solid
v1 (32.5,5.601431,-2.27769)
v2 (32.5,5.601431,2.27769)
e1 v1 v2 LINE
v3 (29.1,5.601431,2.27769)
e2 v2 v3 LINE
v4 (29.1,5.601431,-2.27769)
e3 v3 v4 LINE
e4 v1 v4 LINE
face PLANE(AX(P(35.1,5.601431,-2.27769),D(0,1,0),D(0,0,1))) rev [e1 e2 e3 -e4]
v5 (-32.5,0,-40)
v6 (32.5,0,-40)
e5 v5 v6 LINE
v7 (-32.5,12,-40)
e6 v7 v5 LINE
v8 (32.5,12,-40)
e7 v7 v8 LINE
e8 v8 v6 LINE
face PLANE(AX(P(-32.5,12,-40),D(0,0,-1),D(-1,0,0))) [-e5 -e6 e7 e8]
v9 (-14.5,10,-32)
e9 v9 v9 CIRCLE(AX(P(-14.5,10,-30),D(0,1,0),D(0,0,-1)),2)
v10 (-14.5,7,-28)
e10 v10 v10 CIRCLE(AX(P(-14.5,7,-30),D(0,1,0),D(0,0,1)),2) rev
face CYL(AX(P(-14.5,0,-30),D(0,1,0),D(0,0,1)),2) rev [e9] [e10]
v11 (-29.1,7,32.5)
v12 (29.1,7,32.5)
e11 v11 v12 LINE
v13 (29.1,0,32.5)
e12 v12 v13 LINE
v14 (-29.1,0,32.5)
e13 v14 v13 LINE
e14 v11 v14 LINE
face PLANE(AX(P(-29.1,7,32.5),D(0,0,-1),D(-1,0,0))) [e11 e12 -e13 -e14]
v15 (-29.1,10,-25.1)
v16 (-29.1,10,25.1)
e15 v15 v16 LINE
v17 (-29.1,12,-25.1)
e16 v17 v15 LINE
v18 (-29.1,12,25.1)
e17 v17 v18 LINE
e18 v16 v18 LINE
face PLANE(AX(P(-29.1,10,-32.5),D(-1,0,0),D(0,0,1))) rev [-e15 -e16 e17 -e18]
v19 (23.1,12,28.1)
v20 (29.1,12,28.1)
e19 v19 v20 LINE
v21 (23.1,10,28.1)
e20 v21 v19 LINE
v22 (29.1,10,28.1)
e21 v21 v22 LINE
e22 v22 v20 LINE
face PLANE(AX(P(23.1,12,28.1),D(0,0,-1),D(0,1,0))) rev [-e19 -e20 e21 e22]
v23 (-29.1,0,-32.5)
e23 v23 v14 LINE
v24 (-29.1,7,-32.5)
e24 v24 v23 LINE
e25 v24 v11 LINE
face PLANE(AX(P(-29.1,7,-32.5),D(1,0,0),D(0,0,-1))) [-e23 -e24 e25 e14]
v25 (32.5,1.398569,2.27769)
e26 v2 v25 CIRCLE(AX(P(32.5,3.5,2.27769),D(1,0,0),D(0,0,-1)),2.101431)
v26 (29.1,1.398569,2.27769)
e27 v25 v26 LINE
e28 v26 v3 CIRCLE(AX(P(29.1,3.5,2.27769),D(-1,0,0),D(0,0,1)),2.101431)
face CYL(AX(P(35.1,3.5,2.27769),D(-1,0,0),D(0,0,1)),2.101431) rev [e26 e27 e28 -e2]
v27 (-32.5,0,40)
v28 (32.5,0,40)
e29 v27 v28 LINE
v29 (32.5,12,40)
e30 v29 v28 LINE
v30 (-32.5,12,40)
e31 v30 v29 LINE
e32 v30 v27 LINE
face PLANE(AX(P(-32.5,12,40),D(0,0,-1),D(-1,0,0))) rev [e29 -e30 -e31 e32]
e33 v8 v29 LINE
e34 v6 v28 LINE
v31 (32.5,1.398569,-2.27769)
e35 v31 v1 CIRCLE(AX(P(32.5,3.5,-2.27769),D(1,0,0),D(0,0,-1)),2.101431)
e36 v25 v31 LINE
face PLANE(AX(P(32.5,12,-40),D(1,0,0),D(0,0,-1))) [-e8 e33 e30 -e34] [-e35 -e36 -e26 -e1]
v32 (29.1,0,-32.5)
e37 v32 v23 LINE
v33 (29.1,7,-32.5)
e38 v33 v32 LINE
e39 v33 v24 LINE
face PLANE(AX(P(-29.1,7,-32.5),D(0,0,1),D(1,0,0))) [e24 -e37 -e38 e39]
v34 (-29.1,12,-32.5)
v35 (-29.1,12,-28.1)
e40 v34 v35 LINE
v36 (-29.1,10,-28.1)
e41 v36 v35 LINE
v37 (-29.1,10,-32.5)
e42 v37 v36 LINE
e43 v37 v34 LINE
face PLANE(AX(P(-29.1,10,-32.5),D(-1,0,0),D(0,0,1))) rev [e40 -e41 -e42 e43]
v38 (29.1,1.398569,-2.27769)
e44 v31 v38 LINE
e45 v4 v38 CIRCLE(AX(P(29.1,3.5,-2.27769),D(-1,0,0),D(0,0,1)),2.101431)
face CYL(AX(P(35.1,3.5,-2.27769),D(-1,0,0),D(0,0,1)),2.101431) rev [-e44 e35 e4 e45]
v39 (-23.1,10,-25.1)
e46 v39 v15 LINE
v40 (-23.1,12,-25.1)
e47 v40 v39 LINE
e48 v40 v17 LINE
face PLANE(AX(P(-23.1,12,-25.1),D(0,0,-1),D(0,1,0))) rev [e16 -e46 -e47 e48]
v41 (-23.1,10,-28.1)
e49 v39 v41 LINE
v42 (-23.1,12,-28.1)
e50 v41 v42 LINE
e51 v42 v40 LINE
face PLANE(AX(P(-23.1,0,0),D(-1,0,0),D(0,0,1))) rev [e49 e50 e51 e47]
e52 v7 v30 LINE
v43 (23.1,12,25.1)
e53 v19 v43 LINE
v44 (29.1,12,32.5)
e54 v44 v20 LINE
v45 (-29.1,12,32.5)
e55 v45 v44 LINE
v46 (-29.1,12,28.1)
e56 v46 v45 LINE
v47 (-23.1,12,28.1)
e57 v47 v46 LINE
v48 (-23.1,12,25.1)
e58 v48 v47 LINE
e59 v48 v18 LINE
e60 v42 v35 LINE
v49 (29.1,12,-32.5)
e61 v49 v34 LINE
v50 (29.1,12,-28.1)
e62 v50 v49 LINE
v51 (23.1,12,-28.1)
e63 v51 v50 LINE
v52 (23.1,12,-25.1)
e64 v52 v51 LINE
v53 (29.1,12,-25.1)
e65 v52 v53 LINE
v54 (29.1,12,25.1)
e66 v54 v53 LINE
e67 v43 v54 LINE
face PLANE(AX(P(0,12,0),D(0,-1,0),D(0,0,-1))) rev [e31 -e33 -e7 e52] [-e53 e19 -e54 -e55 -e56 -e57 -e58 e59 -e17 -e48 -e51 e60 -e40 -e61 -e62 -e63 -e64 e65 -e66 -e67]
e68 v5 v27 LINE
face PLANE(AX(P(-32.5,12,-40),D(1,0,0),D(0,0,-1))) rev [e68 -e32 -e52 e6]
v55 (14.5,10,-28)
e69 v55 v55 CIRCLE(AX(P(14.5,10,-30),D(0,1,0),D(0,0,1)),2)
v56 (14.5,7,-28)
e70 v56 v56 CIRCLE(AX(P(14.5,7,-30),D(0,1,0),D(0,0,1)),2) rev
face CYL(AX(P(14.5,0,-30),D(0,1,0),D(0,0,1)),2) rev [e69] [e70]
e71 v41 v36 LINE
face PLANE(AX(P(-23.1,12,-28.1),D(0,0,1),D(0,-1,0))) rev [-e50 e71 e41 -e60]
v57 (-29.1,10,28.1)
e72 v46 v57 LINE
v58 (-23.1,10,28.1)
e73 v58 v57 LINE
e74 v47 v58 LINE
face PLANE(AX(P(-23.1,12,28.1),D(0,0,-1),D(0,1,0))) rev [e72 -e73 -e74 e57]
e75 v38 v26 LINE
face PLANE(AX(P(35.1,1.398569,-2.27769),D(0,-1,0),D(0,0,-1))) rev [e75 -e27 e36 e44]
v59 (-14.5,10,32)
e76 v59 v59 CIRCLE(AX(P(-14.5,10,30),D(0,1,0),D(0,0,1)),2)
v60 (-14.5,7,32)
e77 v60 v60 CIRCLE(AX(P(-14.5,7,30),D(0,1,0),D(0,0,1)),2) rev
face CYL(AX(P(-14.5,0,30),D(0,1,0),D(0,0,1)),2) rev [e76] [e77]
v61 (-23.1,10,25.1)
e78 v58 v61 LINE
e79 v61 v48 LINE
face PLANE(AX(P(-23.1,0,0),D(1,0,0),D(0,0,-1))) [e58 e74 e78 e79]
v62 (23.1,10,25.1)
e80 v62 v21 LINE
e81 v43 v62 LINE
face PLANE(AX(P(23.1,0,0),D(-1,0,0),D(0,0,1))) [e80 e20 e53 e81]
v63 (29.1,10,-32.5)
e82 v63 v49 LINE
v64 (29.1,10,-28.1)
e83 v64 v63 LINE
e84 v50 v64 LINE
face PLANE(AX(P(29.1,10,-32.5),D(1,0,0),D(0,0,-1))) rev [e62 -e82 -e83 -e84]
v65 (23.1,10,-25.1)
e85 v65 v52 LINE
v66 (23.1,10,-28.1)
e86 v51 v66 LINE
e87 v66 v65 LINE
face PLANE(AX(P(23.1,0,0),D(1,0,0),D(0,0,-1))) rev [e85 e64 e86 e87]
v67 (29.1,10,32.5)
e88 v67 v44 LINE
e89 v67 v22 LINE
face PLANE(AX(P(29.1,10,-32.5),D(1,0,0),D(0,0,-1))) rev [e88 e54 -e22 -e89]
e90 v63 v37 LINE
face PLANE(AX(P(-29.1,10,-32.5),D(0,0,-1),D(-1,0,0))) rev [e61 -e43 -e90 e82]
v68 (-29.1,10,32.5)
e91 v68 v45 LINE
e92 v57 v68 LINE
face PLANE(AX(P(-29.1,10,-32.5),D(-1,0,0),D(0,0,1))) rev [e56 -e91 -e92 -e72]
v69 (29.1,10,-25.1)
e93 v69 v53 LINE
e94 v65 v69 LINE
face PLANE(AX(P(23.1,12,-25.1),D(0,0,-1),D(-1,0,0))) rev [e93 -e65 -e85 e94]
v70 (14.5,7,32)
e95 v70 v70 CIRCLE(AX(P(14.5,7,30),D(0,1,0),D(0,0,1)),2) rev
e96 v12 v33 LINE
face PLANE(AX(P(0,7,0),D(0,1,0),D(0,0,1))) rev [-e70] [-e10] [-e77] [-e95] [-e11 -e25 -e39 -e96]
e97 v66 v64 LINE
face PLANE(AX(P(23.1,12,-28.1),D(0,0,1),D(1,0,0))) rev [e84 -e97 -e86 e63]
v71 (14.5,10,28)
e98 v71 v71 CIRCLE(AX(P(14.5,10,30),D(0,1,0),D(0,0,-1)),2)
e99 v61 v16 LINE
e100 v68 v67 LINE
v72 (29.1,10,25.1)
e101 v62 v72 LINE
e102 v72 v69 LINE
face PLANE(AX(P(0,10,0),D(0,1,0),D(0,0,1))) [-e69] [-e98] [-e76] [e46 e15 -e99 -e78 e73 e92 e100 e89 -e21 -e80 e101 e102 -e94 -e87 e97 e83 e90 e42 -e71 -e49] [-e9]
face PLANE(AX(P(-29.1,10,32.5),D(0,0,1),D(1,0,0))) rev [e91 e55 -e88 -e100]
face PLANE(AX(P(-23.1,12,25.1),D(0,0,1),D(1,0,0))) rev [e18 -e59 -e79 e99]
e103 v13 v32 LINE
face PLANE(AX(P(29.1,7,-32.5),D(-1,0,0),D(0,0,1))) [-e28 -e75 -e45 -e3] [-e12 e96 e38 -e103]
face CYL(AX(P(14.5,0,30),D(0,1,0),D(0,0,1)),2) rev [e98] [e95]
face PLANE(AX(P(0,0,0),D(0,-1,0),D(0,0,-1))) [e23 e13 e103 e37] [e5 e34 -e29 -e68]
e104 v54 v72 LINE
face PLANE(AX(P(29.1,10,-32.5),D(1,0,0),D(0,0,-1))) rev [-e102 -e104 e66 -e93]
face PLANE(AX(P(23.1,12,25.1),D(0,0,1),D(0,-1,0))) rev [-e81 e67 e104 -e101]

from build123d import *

# Parameters (mm, degrees)
SKETCH1_W           = 65
SKETCH1_H           = 80
BOSS_EXTRUDE1_DEPTH = 12
SKETCH3_W           = 58.2
SKETCH3_H           = 65
CUT_EXTRUDE4_DEPTH  = 2
SKETCH6_R           = 2
CUT_EXTRUDE5_DEPTH  = 10
SKETCH7_W           = 58.2
SKETCH7_H           = 65
CUT_EXTRUDE6_DEPTH  = 7
CUT_EXTRUDE8_DEPTH  = 6
SKETCH11_W          = 3
SKETCH11_H          = 2
BOSS_EXTRUDE3_DEPTH = 6
SKETCH13_W          = 3
SKETCH13_H          = 2
BOSS_EXTRUDE4_DEPTH = 6


with BuildPart() as part:
    # Sketch1 → Boss-Extrude1 (new body)
    with BuildSketch(Plane(origin=(0, 0, 0), x_dir=(1, 0, 0), z_dir=(0, 1, 0))):
        Rectangle(SKETCH1_W, SKETCH1_H)
    extrude(amount=BOSS_EXTRUDE1_DEPTH)

    # Sketch3 → Cut-Extrude4 (cut)
    with BuildSketch(Plane(origin=(0, 12, 0), x_dir=(1, 0, 0), z_dir=(0, 1, 0))):
        Rectangle(SKETCH3_W, SKETCH3_H)
    extrude(amount=-CUT_EXTRUDE4_DEPTH, mode=Mode.SUBTRACT)

    # Sketch6 → Cut-Extrude5 (cut)
    with BuildSketch(Plane(origin=(0, 10, 0), x_dir=(1, 0, 0), z_dir=(0, 1, 0))):
        with Locations(Location((14.5, 30, 0), (0, 0, 270))):  # turned: the seam where the file's is
            Circle(SKETCH6_R)
        with Locations(Location((-14.5, 30, 0), (0, 0, 90))):  # turned: the seam where the file's is
            Circle(SKETCH6_R)
        with Locations(Location((-14.5, -30, 0), (0, 0, 270))):  # turned: the seam where the file's is
            Circle(SKETCH6_R)
        with Locations(Location((14.5, -30, 0), (0, 0, 90))):  # turned: the seam where the file's is
            Circle(SKETCH6_R)
    extrude(amount=-CUT_EXTRUDE5_DEPTH, mode=Mode.SUBTRACT)

    # Sketch7 → Cut-Extrude6 (cut)
    with BuildSketch(Plane(origin=(0, 0, 0), x_dir=(1, 0, 0), z_dir=(0, 1, 0))):
        Rectangle(SKETCH7_W, SKETCH7_H)
    extrude(amount=CUT_EXTRUDE6_DEPTH, mode=Mode.SUBTRACT)

    # Sketch10 → Cut-Extrude8 (cut)
    with BuildSketch(Plane.ZY.offset(-29.1)):
        with BuildLine():
            Line((-2.277690302, 5.601430768), (2.277690302, 5.601430768))
            ThreePointArc((2.277690302, 5.601430768), (4.379121071, 3.5), (2.277690302, 1.398569232))
            Line((2.277690302, 1.398569232), (-2.277690302, 1.398569232))
            ThreePointArc((-2.277690302, 1.398569232), (-4.379121071, 3.5), (-2.277690302, 5.601430768))
        make_face()
    extrude(amount=-CUT_EXTRUDE8_DEPTH, mode=Mode.SUBTRACT)

    # Sketch11 → Boss-Extrude3 (add)
    with BuildSketch(Plane.ZY.offset(-29.1)):
        with Locations((-26.6, 11)):
            Rectangle(SKETCH11_W, SKETCH11_H)
        with Locations((26.6, 11)):
            Rectangle(SKETCH11_W, SKETCH11_H)
    extrude(amount=BOSS_EXTRUDE3_DEPTH)

    # Sketch13 → Boss-Extrude4 (add)
    with BuildSketch(Plane(origin=(-29.1, 0, 0), x_dir=(0, 0, -1), z_dir=(1, 0, 0))):
        with Locations((26.6, 11)):
            Rectangle(SKETCH13_W, SKETCH13_H)
        with Locations((-26.6, 11)):
            Rectangle(SKETCH13_W, SKETCH13_H)
    extrude(amount=BOSS_EXTRUDE4_DEPTH)


solid = part.part
